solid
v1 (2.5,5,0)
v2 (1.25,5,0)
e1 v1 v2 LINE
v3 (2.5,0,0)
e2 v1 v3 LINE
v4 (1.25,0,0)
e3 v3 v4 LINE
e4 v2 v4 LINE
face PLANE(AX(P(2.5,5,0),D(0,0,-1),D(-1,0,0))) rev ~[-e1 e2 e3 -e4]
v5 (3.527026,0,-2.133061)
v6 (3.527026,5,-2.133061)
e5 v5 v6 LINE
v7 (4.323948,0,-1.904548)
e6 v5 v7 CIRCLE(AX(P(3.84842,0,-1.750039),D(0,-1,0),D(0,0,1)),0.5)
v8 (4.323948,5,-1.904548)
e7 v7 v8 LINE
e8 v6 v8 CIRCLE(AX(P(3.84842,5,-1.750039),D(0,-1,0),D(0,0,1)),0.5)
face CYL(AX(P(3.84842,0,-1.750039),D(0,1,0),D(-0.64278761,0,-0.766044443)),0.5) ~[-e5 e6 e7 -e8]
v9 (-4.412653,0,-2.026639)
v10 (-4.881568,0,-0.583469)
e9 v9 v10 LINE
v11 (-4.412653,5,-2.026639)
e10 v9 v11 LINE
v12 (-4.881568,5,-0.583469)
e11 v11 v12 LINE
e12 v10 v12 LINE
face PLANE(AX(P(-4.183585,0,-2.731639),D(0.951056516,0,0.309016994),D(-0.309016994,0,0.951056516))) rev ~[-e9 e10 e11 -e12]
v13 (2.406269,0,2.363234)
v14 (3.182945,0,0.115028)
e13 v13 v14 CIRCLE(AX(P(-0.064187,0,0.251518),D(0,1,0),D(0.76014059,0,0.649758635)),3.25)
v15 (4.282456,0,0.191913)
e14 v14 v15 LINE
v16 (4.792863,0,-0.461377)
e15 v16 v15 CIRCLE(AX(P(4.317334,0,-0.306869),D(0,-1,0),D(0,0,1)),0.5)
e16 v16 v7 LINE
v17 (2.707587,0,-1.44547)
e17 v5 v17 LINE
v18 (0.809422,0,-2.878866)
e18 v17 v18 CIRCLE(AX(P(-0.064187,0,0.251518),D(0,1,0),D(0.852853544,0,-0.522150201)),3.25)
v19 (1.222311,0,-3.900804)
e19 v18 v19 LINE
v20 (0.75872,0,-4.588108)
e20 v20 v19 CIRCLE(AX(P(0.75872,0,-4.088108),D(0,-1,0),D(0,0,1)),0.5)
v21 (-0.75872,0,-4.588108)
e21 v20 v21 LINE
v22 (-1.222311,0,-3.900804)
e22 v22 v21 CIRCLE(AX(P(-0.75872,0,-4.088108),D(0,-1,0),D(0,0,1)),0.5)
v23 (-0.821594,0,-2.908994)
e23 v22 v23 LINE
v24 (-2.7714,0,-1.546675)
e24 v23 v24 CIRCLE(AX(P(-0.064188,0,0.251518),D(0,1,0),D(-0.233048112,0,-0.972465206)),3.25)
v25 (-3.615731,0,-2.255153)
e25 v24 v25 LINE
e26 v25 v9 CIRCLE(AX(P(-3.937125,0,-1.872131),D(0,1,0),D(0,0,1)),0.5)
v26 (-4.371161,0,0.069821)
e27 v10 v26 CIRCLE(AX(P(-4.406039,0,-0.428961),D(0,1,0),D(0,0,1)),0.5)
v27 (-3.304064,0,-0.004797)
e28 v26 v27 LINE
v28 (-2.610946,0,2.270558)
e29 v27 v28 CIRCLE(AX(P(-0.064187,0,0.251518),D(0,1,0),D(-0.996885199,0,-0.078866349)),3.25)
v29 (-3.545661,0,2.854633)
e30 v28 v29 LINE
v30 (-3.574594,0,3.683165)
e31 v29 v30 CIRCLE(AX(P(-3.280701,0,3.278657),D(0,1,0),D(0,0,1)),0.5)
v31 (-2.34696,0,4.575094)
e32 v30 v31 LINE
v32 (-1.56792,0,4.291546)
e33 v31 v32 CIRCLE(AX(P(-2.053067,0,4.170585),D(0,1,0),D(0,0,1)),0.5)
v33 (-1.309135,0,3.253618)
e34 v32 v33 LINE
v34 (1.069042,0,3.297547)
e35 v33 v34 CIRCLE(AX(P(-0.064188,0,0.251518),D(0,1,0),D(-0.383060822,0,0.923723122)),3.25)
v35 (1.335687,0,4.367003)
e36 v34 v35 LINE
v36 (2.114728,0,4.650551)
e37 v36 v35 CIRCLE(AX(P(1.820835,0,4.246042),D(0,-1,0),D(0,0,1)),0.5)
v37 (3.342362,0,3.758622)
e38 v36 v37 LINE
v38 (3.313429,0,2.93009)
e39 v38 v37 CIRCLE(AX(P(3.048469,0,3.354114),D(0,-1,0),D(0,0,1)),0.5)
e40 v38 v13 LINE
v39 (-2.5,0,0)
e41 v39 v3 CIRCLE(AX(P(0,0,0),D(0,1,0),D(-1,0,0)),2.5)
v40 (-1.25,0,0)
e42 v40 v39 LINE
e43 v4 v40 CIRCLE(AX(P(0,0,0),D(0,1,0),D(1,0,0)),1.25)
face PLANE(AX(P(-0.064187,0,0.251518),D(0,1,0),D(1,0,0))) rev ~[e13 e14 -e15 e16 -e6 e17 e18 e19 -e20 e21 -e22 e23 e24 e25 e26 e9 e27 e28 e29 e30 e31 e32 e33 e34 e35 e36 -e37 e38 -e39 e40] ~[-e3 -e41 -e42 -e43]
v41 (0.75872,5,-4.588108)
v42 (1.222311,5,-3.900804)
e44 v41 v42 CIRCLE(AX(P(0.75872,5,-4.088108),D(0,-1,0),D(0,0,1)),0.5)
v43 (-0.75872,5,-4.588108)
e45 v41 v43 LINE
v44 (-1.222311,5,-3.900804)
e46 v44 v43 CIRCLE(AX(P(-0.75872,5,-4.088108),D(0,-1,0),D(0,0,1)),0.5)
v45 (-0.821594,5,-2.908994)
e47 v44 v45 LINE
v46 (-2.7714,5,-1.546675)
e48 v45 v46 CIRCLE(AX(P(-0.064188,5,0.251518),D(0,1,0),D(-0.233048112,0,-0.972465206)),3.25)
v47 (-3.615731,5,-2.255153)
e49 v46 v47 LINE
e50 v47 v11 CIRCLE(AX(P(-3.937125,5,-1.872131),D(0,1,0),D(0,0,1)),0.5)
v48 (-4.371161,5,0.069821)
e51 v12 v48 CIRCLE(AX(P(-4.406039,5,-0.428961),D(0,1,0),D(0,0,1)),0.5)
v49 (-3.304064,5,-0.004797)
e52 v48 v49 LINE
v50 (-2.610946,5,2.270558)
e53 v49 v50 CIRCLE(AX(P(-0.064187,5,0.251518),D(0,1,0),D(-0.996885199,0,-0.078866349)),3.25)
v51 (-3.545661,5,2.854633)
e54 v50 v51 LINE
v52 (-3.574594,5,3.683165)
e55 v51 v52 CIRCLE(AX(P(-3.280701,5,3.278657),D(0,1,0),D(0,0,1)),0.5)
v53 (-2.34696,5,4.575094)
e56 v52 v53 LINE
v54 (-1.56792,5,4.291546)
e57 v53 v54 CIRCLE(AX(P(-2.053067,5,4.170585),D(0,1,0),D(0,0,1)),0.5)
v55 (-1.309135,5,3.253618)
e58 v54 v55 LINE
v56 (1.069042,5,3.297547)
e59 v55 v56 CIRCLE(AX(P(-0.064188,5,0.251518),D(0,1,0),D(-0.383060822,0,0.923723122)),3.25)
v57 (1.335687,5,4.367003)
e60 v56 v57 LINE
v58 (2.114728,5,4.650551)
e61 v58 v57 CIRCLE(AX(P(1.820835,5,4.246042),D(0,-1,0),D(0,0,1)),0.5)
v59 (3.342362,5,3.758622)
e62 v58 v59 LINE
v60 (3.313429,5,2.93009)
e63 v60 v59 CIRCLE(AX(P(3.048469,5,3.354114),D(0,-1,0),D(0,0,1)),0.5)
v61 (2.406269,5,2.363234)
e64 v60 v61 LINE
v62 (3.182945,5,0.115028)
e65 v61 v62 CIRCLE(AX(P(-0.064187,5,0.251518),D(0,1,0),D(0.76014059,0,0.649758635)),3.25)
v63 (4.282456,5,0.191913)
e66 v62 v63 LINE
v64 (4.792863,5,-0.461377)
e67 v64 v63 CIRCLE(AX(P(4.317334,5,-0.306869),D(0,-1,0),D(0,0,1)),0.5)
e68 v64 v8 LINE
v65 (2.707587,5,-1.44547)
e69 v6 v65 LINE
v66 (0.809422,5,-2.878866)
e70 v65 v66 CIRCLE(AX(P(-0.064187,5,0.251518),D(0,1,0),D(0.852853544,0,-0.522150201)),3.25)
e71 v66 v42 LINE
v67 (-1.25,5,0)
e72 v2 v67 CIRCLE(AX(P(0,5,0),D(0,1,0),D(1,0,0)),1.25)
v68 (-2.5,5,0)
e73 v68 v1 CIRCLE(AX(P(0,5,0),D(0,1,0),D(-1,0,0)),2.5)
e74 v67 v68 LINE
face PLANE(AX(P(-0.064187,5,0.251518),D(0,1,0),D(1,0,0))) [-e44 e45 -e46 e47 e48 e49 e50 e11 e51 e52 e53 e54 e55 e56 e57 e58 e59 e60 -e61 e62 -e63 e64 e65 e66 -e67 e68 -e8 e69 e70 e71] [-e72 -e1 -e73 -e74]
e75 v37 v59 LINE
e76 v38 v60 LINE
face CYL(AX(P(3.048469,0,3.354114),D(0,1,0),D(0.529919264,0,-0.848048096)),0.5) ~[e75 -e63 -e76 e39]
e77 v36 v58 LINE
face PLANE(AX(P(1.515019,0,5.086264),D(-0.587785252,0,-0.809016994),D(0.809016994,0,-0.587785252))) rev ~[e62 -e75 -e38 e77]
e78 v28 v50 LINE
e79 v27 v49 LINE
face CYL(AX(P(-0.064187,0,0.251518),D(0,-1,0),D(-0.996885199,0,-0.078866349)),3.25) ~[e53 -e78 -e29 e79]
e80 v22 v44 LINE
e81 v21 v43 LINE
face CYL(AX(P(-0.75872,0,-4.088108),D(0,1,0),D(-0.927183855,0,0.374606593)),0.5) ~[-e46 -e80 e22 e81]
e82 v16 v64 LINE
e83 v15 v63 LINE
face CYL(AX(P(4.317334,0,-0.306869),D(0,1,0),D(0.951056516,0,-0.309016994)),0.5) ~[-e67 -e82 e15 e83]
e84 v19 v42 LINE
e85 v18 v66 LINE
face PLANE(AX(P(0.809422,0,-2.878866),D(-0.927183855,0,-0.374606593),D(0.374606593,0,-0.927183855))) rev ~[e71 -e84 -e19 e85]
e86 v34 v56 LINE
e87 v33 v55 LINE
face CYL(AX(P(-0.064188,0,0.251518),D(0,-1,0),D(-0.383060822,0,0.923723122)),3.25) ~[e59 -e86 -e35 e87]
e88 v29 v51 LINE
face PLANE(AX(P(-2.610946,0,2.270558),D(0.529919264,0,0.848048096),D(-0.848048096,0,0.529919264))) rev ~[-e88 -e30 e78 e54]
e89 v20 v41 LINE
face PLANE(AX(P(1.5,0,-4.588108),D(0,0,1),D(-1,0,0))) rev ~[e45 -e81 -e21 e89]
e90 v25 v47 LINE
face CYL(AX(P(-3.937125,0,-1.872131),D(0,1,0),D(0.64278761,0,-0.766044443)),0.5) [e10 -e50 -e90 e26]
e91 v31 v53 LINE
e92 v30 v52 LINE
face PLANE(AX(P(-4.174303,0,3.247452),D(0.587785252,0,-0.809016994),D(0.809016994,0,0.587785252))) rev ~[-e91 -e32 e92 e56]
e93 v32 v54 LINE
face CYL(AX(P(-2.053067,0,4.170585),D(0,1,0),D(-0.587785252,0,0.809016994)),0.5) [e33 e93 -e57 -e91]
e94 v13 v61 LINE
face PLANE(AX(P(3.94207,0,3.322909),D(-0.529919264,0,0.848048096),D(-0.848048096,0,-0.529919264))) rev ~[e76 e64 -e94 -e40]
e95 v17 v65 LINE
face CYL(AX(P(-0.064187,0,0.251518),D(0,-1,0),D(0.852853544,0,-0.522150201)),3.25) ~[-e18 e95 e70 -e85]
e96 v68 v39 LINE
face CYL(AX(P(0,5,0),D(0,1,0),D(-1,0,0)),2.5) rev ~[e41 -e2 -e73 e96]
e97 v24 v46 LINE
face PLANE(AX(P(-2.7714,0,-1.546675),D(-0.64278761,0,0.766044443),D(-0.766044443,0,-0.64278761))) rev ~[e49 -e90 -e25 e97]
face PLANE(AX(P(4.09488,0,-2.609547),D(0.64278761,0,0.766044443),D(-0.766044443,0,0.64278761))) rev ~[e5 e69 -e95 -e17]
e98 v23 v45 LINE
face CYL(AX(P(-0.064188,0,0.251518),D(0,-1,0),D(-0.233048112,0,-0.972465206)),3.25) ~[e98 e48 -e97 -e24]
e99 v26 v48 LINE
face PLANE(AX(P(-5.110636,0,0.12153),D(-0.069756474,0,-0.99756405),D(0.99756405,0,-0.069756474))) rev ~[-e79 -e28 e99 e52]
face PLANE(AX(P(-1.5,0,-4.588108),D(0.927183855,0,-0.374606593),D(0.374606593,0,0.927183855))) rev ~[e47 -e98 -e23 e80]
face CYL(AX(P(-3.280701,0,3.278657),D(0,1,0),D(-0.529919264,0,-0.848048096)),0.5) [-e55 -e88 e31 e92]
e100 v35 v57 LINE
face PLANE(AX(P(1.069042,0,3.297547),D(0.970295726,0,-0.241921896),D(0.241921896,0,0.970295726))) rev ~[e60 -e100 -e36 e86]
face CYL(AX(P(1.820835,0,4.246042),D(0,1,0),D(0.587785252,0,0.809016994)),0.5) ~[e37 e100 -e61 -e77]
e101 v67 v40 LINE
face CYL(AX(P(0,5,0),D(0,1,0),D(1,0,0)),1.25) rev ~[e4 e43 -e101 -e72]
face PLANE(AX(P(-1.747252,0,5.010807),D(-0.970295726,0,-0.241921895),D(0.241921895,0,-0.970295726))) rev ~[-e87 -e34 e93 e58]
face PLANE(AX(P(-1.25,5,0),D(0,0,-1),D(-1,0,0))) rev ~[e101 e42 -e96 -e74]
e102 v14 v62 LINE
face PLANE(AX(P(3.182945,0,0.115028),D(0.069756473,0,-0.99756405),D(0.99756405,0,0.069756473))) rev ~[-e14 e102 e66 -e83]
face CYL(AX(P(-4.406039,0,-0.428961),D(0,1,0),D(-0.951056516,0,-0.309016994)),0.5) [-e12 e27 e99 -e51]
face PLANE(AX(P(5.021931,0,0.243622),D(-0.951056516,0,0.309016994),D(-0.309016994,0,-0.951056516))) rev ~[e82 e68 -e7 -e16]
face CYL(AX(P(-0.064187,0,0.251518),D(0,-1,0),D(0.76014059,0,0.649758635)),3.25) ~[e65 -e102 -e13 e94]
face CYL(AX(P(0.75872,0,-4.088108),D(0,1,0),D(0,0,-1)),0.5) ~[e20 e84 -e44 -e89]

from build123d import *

# Parameters (mm, degrees)
BOSS_EXTRUDE1_DEPTH = 5
CUT_EXTRUDE1_DEPTH  = 10
FILLET1_R           = 0.5


with BuildPart() as part:
    # Sketch1 → Boss-Extrude1 (new body)
    with BuildSketch(Plane(origin=(0, 0, 0), x_dir=(1, 0, 0), z_dir=(0, 1, 0))):
        with BuildLine():
            Line((-1.5, 4.588107716), (-0.821593865, 2.908993609))
            ThreePointArc((-0.821593865, 2.908993609), (-1.925604645, 2.412618737), (-2.771400023, 1.546675324))
            Line((-2.771400023, 1.546675324), (-4.18358485, 2.731639091))
            Line((-4.18358485, 2.731639091), (-5.110635833, -0.121530457))
            Line((-5.110635833, -0.121530457), (-3.304064395, 0.004797324))
            ThreePointArc((-3.304064395, 0.004797324), (-3.173141931, -1.198567594), (-2.610945952, -2.27055803))
            Line((-2.610945952, -2.27055803), (-4.174302575, -3.24745167))
            Line((-4.174302575, -3.24745167), (-1.747251592, -5.010807427))
            Line((-1.747251592, -5.010807427), (-1.309135176, -3.253618458))
            ThreePointArc((-1.309135176, -3.253618458), (-0.124209863, -3.500964005), (1.069041739, -3.297547119))
            Line((1.069041739, -3.297547119), (1.515019036, -5.086264359))
            Line((1.515019036, -5.086264359), (3.942070019, -3.322908602))
            Line((3.942070019, -3.322908602), (2.406269417, -2.363233875))
            ThreePointArc((2.406269417, -2.363233875), (3.007671071, -1.312736913), (3.182945139, -0.115027927))
            Line((3.182945139, -0.115027927), (5.02193089, -0.243622337))
            Line((5.02193089, -0.243622337), (4.094879907, 2.609547212))
            Line((4.094879907, 2.609547212), (2.707586519, 1.445469841))
            ThreePointArc((2.707586519, 1.445469841), (1.894347869, 2.342058217), (0.809421598, 2.878866192))
            Line((0.809421598, 2.878866192), (1.5, 4.588107716))
            Line((1.5, 4.588107716), (-1.5, 4.588107716))
        make_face()
    extrude(amount=BOSS_EXTRUDE1_DEPTH)

    # Sketch2 → Cut-Extrude1 (cut)
    with BuildSketch(Plane(origin=(0, 5, 0), x_dir=(1, 0, 0), z_dir=(0, 1, 0))):
        with BuildLine():
            Line((-1.25, 0), (-2.5, 0))
            ThreePointArc((-2.5, 0), (0, -2.5), (2.5, 0))
            Line((2.5, 0), (1.25, 0))
            ThreePointArc((1.25, 0), (0, 1.25), (-1.25, 0))
        make_face()
    extrude(amount=-CUT_EXTRUDE1_DEPTH, mode=Mode.SUBTRACT)

    # Fillet1
    fillet1_edges = [part.edges().sort_by_distance(p)[0] for p in [
        (3.942070019, 2.5, 3.322908602),
        (1.515019036, 2.5, 5.086264359),
        (-1.747251592, 2.5, 5.010807427),
        (-4.174302575, 2.5, 3.24745167),
        (-5.110635833, 2.5, 0.121530457),
        (-4.18358485, 2.5, -2.731639091),
        (-1.5, 2.5, -4.588107716),
        (1.5, 2.5, -4.588107716),
        (4.094879907, 2.5, -2.609547212),
        (5.02193089, 2.5, 0.243622337),
    ]]
    fillet(fillet1_edges, radius=FILLET1_R)


solid = part.part
